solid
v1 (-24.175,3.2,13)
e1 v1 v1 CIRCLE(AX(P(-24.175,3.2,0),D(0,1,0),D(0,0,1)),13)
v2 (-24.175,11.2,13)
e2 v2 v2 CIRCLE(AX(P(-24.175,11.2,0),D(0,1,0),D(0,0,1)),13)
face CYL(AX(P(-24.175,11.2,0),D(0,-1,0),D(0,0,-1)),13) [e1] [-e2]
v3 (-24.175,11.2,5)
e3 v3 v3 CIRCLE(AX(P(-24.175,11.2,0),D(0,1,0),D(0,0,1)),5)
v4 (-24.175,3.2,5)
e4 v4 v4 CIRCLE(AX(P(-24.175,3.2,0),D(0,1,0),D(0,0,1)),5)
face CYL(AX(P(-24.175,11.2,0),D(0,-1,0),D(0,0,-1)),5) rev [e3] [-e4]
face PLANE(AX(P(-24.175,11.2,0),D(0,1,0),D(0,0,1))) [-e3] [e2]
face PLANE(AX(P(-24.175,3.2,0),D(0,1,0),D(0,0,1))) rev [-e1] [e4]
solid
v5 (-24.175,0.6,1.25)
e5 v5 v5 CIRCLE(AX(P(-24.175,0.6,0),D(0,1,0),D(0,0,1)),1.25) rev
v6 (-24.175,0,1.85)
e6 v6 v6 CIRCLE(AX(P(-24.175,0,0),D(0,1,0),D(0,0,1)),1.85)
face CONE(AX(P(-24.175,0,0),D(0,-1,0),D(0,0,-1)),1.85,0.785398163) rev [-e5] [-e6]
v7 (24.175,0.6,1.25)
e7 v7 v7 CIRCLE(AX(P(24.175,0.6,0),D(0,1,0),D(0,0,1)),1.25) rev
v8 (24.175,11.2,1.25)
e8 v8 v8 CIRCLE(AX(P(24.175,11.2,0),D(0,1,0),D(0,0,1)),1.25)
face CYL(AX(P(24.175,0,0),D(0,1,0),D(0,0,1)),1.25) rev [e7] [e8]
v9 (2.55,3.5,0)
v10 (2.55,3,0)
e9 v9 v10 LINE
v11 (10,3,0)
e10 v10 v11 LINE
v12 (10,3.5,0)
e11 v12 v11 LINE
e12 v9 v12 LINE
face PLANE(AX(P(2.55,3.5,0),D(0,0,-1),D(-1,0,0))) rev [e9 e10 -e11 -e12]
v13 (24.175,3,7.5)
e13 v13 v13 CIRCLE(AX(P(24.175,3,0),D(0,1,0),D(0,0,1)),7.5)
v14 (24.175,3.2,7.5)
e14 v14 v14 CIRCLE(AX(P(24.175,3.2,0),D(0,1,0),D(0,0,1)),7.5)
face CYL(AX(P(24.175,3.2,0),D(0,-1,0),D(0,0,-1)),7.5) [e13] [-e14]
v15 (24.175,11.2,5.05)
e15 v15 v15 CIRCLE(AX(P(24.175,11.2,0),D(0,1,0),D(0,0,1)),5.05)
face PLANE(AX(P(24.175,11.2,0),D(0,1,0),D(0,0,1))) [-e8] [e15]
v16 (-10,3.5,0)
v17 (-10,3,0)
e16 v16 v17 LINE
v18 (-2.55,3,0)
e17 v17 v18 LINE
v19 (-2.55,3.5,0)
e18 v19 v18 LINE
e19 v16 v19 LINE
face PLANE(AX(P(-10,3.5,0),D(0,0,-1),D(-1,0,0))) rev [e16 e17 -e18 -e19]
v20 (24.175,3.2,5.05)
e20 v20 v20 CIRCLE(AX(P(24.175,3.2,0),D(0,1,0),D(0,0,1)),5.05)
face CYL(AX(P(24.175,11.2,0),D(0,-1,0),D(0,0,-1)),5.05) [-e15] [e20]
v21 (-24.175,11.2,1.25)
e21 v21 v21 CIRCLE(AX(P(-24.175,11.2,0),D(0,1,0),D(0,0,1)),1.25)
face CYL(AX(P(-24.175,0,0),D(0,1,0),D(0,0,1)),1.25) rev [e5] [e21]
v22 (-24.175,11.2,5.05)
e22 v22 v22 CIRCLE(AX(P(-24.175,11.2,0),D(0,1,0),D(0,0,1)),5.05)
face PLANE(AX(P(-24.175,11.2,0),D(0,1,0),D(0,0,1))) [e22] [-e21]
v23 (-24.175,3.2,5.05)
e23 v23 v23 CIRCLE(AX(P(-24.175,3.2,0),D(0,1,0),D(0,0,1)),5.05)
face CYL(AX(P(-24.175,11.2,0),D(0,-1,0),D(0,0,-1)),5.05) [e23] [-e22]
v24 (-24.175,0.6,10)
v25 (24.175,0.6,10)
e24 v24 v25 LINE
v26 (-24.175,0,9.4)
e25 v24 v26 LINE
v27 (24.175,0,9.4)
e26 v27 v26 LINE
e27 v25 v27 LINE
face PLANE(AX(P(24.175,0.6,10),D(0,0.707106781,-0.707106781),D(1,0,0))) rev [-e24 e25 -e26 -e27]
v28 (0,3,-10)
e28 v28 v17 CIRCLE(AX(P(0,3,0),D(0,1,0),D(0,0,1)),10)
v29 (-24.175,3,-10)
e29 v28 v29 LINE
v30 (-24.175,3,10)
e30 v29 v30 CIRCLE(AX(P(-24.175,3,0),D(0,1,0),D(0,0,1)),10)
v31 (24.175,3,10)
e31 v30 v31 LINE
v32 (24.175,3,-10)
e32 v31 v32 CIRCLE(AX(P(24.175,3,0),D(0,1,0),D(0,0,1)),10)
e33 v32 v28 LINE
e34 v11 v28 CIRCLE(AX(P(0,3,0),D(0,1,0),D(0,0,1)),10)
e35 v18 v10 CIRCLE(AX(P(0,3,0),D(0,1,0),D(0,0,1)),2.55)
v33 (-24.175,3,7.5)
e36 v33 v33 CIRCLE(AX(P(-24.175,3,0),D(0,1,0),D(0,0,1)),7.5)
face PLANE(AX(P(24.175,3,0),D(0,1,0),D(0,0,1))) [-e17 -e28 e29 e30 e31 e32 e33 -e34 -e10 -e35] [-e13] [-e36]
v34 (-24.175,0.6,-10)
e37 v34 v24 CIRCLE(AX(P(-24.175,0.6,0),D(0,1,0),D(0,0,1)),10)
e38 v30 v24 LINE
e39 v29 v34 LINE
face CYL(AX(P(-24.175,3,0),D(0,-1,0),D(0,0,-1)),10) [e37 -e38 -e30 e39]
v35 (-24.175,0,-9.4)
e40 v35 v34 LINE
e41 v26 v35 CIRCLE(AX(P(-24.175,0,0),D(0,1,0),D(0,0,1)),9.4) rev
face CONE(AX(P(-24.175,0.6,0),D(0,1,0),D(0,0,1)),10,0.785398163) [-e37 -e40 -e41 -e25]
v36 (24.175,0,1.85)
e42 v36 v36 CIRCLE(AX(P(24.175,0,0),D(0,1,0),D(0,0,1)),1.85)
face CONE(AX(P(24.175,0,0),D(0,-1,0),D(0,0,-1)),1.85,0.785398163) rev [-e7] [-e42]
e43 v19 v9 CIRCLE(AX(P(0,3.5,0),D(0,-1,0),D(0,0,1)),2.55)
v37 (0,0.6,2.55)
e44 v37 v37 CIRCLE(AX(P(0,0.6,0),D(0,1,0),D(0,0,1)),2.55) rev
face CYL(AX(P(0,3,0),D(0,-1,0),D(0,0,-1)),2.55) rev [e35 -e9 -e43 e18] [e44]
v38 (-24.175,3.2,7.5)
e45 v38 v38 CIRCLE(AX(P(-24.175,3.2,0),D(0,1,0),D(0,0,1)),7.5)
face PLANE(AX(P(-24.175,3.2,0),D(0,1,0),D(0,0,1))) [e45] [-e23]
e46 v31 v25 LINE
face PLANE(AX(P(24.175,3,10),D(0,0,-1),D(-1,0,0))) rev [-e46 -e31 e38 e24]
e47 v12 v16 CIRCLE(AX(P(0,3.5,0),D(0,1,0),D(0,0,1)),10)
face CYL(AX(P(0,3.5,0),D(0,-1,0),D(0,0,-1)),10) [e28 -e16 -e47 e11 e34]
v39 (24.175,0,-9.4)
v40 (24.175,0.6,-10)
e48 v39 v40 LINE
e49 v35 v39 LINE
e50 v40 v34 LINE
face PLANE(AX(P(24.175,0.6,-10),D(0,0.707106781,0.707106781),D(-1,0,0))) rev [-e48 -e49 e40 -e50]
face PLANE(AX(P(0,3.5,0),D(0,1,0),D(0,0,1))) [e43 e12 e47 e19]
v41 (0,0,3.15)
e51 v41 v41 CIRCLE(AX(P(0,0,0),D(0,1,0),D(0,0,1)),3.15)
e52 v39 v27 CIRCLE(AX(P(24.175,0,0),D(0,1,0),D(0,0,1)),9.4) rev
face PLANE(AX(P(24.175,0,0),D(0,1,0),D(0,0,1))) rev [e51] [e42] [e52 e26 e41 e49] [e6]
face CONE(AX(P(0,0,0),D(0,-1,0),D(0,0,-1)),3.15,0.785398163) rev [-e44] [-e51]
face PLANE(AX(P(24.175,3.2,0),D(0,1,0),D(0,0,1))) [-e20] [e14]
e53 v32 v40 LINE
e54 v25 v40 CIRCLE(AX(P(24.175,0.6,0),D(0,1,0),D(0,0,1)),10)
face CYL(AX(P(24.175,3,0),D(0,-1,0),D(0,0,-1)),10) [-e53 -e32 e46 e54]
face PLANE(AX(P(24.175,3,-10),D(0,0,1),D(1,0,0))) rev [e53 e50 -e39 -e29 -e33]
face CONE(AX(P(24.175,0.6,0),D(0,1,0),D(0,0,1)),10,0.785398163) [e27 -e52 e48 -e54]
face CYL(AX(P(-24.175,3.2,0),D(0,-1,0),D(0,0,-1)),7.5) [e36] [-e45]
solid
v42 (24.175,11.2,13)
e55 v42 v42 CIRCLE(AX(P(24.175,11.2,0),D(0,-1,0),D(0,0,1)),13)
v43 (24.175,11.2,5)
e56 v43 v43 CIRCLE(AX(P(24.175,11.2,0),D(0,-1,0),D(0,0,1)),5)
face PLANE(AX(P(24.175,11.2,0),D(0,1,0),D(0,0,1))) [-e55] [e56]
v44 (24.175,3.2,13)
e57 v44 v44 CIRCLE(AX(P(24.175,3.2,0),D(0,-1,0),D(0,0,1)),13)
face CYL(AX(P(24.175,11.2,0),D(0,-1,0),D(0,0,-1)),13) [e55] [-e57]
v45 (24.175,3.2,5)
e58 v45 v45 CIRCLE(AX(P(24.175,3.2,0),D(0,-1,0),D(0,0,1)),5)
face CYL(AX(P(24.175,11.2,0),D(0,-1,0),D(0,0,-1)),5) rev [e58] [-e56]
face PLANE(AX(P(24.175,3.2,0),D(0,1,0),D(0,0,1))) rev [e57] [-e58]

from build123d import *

# Parameters (mm, degrees)
SKETCH1_R            = 2.55
BOSS_EXTRUDE1_DEPTH  = 3
SKETCH10_R           = 7.5
BOSS_EXTRUDE6_DEPTH  = 0.2
SKETCH11_R           = 5.05
BOSS_EXTRUDE8_DEPTH  = 8
SKETCH12_R           = 13
SKETCH12_R_2         = 5
BOSS_EXTRUDE9_DEPTH  = 8
SKETCH13_R           = 1.25
CUT_EXTRUDE6_DEPTH   = 12.2
SKETCH14_R           = 2.55
SKETCH14_R_2         = 1.75
BOSS_EXTRUDE10_DEPTH = 3
SKETCH15_R           = 7.5
SKETCH15_R_2         = 1.75
BOSS_EXTRUDE11_DEPTH = 0.2
CHAMFER1_SIZE        = 2.5
CHAMFER2_SIZE        = 0.6
BOSS_EXTRUDE12_DEPTH = 0.5
BOSS_EXTRUDE13_DEPTH = 0.5
CHAMFER3_SIZE        = 0.6


with BuildPart() as part:
    # Sketch1 → Boss-Extrude1 (new body)
    with BuildSketch(Plane(origin=(0, 0, 0), x_dir=(1, 0, 0), z_dir=(0, 1, 0))):
        with BuildLine():
            Line((24.175, -10), (-24.175, -10))
            ThreePointArc((-24.175, -10), (-34.175, 0), (-24.175, 10))
            Line((-24.175, 10), (24.175, 10))
            ThreePointArc((24.175, 10), (34.175, 0), (24.175, -10))
        make_face()
        Circle(SKETCH1_R, mode=Mode.SUBTRACT)
    extrude(amount=BOSS_EXTRUDE1_DEPTH)

    # Sketch10 → Boss-Extrude6 (add)
    with BuildSketch(Plane(origin=(0, 3, 0), x_dir=(1, 0, 0), z_dir=(0, 1, 0))):
        with Locations((-24.175, 0)):
            Circle(SKETCH10_R)
        with Locations((24.175, 0)):
            Circle(SKETCH10_R)
    extrude(amount=BOSS_EXTRUDE6_DEPTH)

    # Sketch11 → Boss-Extrude8 (add)
    with BuildSketch(Plane(origin=(0, 3.2, 0), x_dir=(1, 0, 0), z_dir=(0, 1, 0))):
        with Locations((-24.175, 0)):
            Circle(SKETCH11_R)
        with Locations((24.175, 0)):
            Circle(SKETCH11_R)
    extrude(amount=BOSS_EXTRUDE8_DEPTH)

    # Sketch13 → Cut-Extrude6 (cut, through all)
    with BuildSketch(Plane(origin=(0, 11.2, 0), x_dir=(1, 0, 0), z_dir=(0, 1, 0))):
        with Locations((-24.175, 0)):
            Circle(SKETCH13_R)
        with Locations((24.175, 0)):
            Circle(SKETCH13_R)
    extrude(amount=-CUT_EXTRUDE6_DEPTH, mode=Mode.SUBTRACT)

    # Sketch16 → Boss-Extrude12 (add)
    with BuildSketch(Plane(origin=(0, 3, 0), x_dir=(1, 0, 0), z_dir=(0, 1, 0))):
        with BuildLine():
            Line((-10, 0), (-2.55, 0))
            ThreePointArc((-2.55, 0), (0, 2.55), (2.55, 0))
            Line((2.55, 0), (10, 0))
            ThreePointArc((10, 0), (0, 10), (-10, 0))
        make_face()
    extrude(amount=BOSS_EXTRUDE12_DEPTH)

    # Chamfer3
    chamfer3_edges = [part.edges().sort_by_distance(p)[0] for p in [
        (-2.55, 0, 0),
        (-25.425, 0, 0),
        (22.925, 0, 0),
        (0, 0, 10),
        (-34.175, 0, 0),
        (0, 0, -10),
        (34.175, 0, 0),
    ]]
    chamfer(chamfer3_edges, length=CHAMFER3_SIZE)


with BuildPart() as body_2:
    # Sketch12 → Boss-Extrude9 (new body)
    with BuildSketch(Plane(origin=(0, 3.2, 0), x_dir=(1, 0, 0), z_dir=(0, 1, 0))):
        with Locations((-24.175, 0)):
            Circle(SKETCH12_R)
        with Locations((-24.175, 0)):
            Circle(SKETCH12_R_2, mode=Mode.SUBTRACT)
    extrude(amount=BOSS_EXTRUDE9_DEPTH)


with BuildPart() as body_3:
    # Mirror3: mirrored copy
    add(body_2.part.mirror(Plane(origin=(0, 0, 0), x_dir=(0, 0, 1), z_dir=(1, 0, 0))))


with BuildPart() as body_4:
    # Sketch14 → Boss-Extrude10 (new body)
    with BuildSketch(Plane(origin=(0, 11.4, 0), x_dir=(1, 0, 0), z_dir=(0, 1, 0))):
        with BuildLine():
            Line((-24.175, -10), (24.175, -10))
            ThreePointArc((24.175, -10), (34.175, 0), (24.175, 10))
            Line((24.175, 10), (-24.175, 10))
            ThreePointArc((-24.175, 10), (-34.175, 0), (-24.175, -10))
        make_face()
        Circle(SKETCH14_R, mode=Mode.SUBTRACT)
        with Locations((-24.175, 0)):
            Circle(SKETCH14_R_2, mode=Mode.SUBTRACT)
        with Locations((24.175, 0)):
            Circle(SKETCH14_R_2, mode=Mode.SUBTRACT)
    extrude(amount=BOSS_EXTRUDE10_DEPTH)

    # Sketch15 → Boss-Extrude11 (add)
    with BuildSketch(Plane.XZ.offset(-11.4)):
        with Locations((24.175, 0)):
            Circle(SKETCH15_R)
        with Locations((24.175, 0)):
            Circle(SKETCH15_R_2, mode=Mode.SUBTRACT)
        with Locations((-24.175, 0)):
            Circle(SKETCH15_R)
        with Locations((-24.175, 0)):
            Circle(SKETCH15_R_2, mode=Mode.SUBTRACT)
    extrude(amount=BOSS_EXTRUDE11_DEPTH)

    # Chamfer1
    chamfer1_edges = [body_4.edges().sort_by_distance(p)[0] for p in [
        (-25.925, 14.4, 0),
        (22.425, 14.4, 0),
    ]]
    chamfer(chamfer1_edges, length=CHAMFER1_SIZE)

    # Chamfer2
    chamfer2_edges = [body_4.edges().sort_by_distance(p)[0] for p in [
        (-34.175, 14.4, 0),
        (-2.55, 14.4, 0),
        (0, 14.4, 10),
        (34.175, 14.4, 0),
        (0, 14.4, -10),
    ]]
    chamfer(chamfer2_edges, length=CHAMFER2_SIZE)

    # Sketch17 → Boss-Extrude13 (add)
    with BuildSketch(Plane.XZ.offset(-11.4)):
        with BuildLine():
            Line((-2.55, 0), (-10, 0))
            ThreePointArc((-10, 0), (0, -10), (10, 0))
            Line((10, 0), (2.55, 0))
            ThreePointArc((2.55, 0), (0, -2.55), (-2.55, 0))
        make_face()
    extrude(amount=BOSS_EXTRUDE13_DEPTH)


solid = Compound([part.part, body_2.part, body_3.part])
